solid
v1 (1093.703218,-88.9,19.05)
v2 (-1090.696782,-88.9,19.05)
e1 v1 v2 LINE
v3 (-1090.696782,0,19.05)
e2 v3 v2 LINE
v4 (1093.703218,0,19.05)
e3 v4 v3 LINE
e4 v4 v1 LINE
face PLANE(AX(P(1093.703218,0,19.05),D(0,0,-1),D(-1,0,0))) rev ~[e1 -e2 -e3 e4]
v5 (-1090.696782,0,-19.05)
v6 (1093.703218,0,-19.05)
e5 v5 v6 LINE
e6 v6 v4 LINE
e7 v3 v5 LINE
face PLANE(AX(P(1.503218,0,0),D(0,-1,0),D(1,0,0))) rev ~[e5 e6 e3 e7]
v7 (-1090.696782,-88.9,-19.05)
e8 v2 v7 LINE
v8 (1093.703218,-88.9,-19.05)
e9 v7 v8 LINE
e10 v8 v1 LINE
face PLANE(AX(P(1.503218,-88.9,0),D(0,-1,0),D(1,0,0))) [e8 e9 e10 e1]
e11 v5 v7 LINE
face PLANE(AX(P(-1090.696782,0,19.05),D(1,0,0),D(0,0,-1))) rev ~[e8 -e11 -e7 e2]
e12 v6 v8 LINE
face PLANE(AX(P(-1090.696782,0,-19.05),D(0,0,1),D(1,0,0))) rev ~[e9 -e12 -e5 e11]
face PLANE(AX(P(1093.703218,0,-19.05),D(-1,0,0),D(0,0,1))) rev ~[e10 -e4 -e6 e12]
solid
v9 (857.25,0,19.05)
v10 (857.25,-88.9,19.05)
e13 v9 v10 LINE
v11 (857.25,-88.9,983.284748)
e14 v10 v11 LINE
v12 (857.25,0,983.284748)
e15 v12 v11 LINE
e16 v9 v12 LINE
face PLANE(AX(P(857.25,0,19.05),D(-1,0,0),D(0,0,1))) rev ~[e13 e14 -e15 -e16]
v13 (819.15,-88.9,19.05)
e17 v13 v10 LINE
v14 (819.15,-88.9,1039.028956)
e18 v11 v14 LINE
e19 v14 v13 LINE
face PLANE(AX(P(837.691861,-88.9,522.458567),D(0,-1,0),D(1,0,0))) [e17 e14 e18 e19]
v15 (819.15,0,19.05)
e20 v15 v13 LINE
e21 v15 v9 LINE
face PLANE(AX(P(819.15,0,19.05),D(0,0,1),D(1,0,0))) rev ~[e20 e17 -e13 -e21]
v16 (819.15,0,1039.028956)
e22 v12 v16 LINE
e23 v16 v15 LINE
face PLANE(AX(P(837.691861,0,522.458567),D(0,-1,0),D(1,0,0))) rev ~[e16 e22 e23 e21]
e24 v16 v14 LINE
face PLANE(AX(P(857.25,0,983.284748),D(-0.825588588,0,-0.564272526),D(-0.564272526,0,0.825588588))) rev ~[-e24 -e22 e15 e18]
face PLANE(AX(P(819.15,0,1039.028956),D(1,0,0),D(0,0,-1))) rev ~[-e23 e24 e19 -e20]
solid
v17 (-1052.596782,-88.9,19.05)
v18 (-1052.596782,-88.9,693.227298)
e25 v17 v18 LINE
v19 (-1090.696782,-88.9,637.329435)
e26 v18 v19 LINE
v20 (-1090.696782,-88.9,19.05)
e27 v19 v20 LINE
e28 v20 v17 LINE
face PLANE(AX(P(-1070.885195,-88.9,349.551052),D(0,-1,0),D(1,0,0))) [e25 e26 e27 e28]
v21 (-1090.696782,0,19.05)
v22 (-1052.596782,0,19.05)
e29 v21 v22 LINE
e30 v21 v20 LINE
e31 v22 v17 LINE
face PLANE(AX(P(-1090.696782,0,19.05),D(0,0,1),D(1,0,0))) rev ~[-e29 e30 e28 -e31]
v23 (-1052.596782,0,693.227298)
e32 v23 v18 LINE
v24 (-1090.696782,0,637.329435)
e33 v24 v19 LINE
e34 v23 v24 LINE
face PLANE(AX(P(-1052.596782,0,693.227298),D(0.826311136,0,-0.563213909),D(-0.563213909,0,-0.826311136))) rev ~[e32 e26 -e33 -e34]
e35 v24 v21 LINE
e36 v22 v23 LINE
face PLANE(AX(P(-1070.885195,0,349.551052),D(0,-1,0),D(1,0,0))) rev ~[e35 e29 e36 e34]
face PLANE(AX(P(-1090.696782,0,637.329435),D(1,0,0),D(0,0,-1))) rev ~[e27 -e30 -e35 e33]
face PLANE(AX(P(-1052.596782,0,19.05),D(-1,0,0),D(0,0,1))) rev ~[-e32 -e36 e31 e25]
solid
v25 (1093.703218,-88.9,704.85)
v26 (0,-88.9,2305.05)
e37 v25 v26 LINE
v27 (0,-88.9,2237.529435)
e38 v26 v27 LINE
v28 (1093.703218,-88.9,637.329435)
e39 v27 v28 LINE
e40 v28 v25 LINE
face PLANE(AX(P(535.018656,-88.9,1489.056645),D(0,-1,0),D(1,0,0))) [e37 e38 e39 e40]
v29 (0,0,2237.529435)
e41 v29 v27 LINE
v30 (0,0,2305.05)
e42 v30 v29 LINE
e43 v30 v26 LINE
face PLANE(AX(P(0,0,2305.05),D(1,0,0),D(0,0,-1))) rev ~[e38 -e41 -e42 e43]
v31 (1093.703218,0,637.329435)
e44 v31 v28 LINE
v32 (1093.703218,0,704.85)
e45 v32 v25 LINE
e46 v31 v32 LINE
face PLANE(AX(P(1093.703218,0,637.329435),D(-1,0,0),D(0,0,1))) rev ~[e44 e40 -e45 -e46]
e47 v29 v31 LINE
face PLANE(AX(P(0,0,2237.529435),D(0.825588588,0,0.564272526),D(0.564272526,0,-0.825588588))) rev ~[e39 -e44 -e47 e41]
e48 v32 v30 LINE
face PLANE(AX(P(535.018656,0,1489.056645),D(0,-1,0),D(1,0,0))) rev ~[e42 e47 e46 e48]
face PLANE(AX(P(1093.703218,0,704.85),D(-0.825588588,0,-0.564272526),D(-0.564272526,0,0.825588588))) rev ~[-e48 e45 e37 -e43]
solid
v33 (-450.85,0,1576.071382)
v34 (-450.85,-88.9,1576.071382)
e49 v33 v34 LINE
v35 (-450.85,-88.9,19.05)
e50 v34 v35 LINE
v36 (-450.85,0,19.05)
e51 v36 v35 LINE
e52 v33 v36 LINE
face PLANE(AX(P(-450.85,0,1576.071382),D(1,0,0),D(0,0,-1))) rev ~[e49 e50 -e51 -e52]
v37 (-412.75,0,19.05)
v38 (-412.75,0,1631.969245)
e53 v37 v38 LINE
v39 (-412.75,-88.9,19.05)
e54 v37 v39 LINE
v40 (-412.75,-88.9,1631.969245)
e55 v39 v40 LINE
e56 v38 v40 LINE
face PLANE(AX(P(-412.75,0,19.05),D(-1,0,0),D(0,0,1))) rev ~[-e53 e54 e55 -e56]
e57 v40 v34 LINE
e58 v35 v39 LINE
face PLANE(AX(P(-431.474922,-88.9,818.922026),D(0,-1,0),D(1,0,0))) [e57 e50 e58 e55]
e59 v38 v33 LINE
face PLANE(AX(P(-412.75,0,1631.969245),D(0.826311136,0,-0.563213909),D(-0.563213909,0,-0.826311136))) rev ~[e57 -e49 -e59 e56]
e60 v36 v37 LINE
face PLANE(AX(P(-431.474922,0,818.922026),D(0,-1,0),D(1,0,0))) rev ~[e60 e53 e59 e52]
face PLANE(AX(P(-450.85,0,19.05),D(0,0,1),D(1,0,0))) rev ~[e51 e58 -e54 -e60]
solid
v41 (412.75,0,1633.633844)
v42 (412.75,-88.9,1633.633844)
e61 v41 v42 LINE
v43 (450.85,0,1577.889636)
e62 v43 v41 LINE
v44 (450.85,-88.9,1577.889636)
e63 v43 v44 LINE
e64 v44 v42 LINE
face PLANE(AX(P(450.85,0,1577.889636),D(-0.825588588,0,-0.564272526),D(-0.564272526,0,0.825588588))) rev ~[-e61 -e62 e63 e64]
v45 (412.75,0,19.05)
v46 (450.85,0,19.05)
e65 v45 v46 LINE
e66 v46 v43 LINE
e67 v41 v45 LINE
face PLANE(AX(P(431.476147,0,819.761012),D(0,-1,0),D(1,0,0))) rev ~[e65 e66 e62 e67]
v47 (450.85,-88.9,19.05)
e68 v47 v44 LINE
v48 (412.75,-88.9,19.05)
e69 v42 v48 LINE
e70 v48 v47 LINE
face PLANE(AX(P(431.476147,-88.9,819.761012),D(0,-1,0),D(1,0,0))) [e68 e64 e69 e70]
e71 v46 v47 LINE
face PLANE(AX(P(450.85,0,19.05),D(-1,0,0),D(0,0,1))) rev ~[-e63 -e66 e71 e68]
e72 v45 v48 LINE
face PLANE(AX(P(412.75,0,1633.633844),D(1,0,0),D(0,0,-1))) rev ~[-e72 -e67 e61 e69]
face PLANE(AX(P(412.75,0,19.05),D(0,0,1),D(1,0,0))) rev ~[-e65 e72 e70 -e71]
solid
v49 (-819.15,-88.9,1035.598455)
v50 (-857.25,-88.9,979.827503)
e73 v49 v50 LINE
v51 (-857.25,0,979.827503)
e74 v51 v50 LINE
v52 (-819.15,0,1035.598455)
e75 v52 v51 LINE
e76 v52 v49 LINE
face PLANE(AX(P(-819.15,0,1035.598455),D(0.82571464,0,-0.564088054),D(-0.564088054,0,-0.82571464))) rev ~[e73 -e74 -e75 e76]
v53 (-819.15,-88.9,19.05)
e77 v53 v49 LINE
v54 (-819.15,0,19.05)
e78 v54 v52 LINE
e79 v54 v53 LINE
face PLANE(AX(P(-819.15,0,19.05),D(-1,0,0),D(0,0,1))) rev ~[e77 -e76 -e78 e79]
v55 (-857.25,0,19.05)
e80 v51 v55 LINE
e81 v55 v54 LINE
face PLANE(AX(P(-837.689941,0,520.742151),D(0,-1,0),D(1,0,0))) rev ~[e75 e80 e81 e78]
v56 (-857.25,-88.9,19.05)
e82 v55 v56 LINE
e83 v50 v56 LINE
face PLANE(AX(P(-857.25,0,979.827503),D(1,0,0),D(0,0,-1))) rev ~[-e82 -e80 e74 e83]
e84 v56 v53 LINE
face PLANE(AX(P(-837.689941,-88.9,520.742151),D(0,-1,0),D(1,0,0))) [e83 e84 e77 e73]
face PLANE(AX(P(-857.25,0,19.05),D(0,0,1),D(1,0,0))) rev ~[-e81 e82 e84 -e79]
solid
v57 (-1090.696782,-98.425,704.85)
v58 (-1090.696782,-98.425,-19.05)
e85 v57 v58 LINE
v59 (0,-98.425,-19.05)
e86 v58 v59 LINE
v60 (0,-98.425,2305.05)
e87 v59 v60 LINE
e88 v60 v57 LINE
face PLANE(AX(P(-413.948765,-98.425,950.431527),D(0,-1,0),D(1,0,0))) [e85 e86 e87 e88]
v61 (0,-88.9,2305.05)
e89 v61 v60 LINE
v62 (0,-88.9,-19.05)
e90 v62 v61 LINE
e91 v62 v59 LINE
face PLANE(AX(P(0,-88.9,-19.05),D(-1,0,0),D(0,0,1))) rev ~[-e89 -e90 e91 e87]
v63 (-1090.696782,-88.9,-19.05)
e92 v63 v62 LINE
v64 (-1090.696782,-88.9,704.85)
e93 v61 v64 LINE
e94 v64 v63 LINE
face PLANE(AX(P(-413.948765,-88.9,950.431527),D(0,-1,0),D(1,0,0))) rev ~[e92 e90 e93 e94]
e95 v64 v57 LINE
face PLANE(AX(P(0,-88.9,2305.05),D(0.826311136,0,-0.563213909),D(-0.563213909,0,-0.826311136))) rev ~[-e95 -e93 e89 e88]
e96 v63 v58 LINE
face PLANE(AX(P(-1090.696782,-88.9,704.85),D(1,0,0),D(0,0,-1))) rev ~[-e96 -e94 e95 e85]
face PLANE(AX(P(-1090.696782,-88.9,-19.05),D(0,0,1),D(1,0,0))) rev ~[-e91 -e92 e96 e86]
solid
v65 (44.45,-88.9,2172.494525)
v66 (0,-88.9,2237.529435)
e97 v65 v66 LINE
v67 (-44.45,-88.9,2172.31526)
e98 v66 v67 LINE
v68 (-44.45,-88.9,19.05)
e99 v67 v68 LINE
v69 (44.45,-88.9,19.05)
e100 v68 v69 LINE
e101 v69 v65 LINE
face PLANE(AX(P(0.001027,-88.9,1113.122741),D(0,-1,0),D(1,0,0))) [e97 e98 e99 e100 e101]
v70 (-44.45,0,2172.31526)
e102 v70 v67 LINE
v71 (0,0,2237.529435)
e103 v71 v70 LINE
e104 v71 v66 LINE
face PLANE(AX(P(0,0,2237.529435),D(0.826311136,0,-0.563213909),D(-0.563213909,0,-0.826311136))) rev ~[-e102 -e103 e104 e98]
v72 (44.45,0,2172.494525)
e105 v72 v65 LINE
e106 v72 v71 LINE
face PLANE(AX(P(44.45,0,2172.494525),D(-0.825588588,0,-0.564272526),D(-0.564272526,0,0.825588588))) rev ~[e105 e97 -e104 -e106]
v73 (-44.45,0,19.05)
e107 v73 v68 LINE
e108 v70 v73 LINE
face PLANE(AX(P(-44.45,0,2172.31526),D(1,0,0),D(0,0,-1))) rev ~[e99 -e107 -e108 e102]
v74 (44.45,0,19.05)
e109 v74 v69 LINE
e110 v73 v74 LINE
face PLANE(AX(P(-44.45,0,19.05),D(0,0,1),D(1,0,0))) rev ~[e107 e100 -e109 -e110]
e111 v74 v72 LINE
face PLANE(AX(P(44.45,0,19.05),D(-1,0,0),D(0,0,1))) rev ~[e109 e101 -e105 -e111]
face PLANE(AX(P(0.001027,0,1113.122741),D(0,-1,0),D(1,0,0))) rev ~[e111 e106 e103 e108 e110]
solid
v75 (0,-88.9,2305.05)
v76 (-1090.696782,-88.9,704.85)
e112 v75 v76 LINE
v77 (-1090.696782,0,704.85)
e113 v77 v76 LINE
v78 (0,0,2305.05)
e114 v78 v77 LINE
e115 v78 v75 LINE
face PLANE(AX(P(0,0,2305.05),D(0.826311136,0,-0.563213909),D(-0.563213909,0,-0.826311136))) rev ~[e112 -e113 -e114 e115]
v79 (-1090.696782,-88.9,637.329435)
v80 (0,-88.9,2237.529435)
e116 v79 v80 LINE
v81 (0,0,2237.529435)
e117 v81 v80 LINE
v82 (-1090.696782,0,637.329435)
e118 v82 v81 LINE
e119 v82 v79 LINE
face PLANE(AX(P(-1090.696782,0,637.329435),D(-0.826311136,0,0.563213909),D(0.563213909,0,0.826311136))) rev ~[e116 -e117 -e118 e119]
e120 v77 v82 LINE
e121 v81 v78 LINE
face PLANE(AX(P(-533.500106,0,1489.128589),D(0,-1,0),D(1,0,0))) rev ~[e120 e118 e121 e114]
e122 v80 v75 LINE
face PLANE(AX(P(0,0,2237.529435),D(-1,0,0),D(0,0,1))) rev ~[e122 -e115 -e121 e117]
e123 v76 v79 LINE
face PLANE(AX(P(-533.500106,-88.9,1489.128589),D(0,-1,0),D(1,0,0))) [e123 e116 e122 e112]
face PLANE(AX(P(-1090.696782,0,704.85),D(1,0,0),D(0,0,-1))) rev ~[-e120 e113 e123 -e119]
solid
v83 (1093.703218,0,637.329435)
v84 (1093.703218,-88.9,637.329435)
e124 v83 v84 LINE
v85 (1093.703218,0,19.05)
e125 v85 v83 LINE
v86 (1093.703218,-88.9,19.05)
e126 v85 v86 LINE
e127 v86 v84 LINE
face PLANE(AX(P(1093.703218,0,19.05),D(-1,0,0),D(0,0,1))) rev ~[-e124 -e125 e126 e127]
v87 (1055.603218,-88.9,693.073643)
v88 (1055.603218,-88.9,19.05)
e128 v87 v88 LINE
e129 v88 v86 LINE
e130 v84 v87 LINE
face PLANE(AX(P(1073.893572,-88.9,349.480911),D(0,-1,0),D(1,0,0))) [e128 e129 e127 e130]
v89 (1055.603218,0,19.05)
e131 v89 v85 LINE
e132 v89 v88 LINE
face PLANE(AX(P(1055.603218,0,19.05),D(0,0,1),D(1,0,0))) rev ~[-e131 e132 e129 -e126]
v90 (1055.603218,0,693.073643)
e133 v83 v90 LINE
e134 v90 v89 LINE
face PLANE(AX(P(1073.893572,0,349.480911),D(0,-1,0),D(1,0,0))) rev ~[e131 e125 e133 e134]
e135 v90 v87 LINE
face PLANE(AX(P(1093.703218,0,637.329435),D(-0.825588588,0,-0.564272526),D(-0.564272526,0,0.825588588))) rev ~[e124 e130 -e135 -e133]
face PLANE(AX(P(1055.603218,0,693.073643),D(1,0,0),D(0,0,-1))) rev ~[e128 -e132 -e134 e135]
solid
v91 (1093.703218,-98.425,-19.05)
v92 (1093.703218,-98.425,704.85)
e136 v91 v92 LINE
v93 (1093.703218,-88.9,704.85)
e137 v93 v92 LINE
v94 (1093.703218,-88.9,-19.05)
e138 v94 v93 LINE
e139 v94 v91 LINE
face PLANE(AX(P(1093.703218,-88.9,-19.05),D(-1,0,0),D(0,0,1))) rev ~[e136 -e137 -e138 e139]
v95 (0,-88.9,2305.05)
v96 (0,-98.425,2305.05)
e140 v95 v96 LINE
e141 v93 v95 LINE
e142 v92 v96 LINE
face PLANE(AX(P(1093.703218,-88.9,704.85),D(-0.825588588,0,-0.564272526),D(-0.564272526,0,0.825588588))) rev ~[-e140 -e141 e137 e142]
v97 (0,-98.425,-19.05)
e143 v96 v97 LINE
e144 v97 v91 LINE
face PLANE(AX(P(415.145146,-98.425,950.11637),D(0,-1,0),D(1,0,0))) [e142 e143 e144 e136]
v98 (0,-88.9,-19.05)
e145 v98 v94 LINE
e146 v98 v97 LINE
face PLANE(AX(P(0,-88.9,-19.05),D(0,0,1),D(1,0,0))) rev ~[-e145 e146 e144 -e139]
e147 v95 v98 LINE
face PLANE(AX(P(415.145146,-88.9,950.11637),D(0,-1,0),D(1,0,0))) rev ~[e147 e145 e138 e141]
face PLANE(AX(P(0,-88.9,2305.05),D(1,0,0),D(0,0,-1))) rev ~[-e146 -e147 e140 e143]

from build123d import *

# Parameters (mm, degrees)
F1_DEPTH = 88.9
F2_DEPTH = 88.9
F3_DEPTH = 88.9
F5_DEPTH = 9.525
F6_DEPTH = 9.525


with BuildPart() as f1:
    # F0 (on Front) → F1 (new body)
    with BuildSketch(Plane.XZ):
        Polygon((-1090.6967822675, 637.3294345384), (-1090.6967822675, 19.05), (-1052.5967822675, 19.05), (-1052.5967822675, 693.2272981713), align=None)
    extrude(amount=F1_DEPTH)


with BuildPart() as f1b:
    # F0 (on Front) → F1, piece 2 (new body)
    with BuildSketch(Plane.XZ):
        Polygon((-857.25, 979.8275027988), (-857.25, 19.05), (-819.15, 19.05), (-819.15, 1035.5984547879), align=None)
    extrude(amount=F1_DEPTH)


with BuildPart() as f1c:
    # F0 (on Front) → F1, piece 3 (new body)
    with BuildSketch(Plane.XZ):
        Polygon((-412.75, 19.05), (-412.75, 1631.9692451823), (-450.85, 1576.0713815494), (-450.85, 19.05), align=None)
    extrude(amount=F1_DEPTH)


with BuildPart() as f1d:
    # F0 (on Front) → F1, piece 4 (new body)
    with BuildSketch(Plane.XZ):
        Polygon((44.45, 2172.4945248419), (0, 2237.5294345384), (-44.45, 2172.3152603001), (-44.45, 19.05), (44.45, 19.05), align=None)
    extrude(amount=F1_DEPTH)


with BuildPart() as f1e:
    # F0 (on Front) → F1, piece 5 (new body)
    with BuildSketch(Plane.XZ):
        Polygon((412.75, 19.05), (450.85, 19.05), (450.85, 1577.8896361883), (412.75, 1633.6338444996), align=None)
    extrude(amount=F1_DEPTH)


with BuildPart() as f1f:
    # F0 (on Front) → F1, piece 6 (new body)
    with BuildSketch(Plane.XZ):
        Polygon((819.15, 19.05), (857.25, 19.05), (857.25, 983.2847475346), (819.15, 1039.0289558459), align=None)
    extrude(amount=F1_DEPTH)


with BuildPart() as f1g:
    # F0 (on Front) → F1, piece 7 (new body)
    with BuildSketch(Plane.XZ):
        Polygon((1055.6032177325, 19.05), (1093.7032177325, 19.05), (1093.7032177325, 637.3294345384), (1055.6032177325, 693.0736428497), align=None)
    extrude(amount=F1_DEPTH)


with BuildPart() as f2:
    # F0 (on Front) → F2 (new body)
    with BuildSketch(Plane.XZ):
        Polygon((0, 2237.5294345384), (0, 2305.05), (-1090.6967822675, 704.85), (-1052.5967822675, 704.85), (-1052.5967822675, 693.2272981713), (-857.25, 979.8275027988), (-450.85, 1576.0713815494), (-412.75, 1631.9692451823), (-44.45, 2172.3152603001), align=None)
        Polygon((-1090.6967822675, 704.85), (-1090.6967822675, 637.3294345384), (-1052.5967822675, 693.2272981713), (-1052.5967822675, 704.85), align=None)
    extrude(amount=F2_DEPTH)


with BuildPart() as f2b:
    # F0 (on Front) → F2, piece 2 (new body)
    with BuildSketch(Plane.XZ):
        Polygon((1093.7032177325, -19.05), (1093.7032177325, 19.05), (1055.6032177325, 19.05), (857.25, 19.05), (819.15, 19.05), (450.85, 19.05), (412.75, 19.05), (44.45, 19.05), (-44.45, 19.05), (-412.75, 19.05), (-450.85, 19.05), (-819.15, 19.05), (-857.25, 19.05), (-1052.5967822675, 19.05), (-1090.6967822675, 19.05), (-1090.6967822675, -19.05), align=None)
    extrude(amount=F2_DEPTH)


with BuildPart() as f3:
    # F0 (on Front) → F3 (new body)
    with BuildSketch(Plane.XZ):
        Polygon((857.25, 983.2847475346), (1055.6032177325, 693.0736428497), (1055.6032177325, 704.85), (1093.7032177325, 704.85), (0, 2305.05), (0, 2237.5294345384), (44.45, 2172.4945248419), (412.75, 1633.6338444996), (450.85, 1577.8896361883), (819.15, 1039.0289558459), align=None)
        Polygon((1055.6032177325, 693.0736428497), (1093.7032177325, 637.3294345384), (1093.7032177325, 704.85), (1055.6032177325, 704.85), align=None)
    extrude(amount=F3_DEPTH)


with BuildPart() as f5:
    # F4 (on face) → F5 (new body)
    with BuildSketch(Plane.XZ.offset(88.9)):
        Polygon((0, 2237.5294345384), (0, 2305.05), (-1090.6967822675, 704.85), (-1090.6967822675, 637.3294345384), (-1090.6967822675, 19.05), (-1090.6967822675, -19.05), (0, -19.05), (0, 19.05), (-44.45, 19.05), (-44.45, 2172.3152603001), align=None)
        Polygon((0, 19.05), (0, 2237.5294345384), (-44.45, 2172.3152603001), (-44.45, 19.05), align=None)
    extrude(amount=F5_DEPTH)


with BuildPart() as f6:
    # F4 (on face) → F6 (new body)
    with BuildSketch(Plane.XZ.offset(88.9)):
        Polygon((1093.7032177325, 704.85), (0, 2305.05), (0, 2237.5294345384), (44.45, 2172.4945248419), (44.45, 19.05), (0, 19.05), (0, -19.05), (1093.7032177325, -19.05), (1093.7032177325, 19.05), (1093.7032177325, 637.3294345384), align=None)
        Polygon((44.45, 2172.4945248419), (0, 2237.5294345384), (0, 19.05), (44.45, 19.05), align=None)
    extrude(amount=F6_DEPTH)


solid = Compound([f1.part, f1b.part, f1c.part, f1d.part, f1e.part, f1f.part, f1g.part, f2.part, f2b.part, f3.part, f5.part, f6.part])
